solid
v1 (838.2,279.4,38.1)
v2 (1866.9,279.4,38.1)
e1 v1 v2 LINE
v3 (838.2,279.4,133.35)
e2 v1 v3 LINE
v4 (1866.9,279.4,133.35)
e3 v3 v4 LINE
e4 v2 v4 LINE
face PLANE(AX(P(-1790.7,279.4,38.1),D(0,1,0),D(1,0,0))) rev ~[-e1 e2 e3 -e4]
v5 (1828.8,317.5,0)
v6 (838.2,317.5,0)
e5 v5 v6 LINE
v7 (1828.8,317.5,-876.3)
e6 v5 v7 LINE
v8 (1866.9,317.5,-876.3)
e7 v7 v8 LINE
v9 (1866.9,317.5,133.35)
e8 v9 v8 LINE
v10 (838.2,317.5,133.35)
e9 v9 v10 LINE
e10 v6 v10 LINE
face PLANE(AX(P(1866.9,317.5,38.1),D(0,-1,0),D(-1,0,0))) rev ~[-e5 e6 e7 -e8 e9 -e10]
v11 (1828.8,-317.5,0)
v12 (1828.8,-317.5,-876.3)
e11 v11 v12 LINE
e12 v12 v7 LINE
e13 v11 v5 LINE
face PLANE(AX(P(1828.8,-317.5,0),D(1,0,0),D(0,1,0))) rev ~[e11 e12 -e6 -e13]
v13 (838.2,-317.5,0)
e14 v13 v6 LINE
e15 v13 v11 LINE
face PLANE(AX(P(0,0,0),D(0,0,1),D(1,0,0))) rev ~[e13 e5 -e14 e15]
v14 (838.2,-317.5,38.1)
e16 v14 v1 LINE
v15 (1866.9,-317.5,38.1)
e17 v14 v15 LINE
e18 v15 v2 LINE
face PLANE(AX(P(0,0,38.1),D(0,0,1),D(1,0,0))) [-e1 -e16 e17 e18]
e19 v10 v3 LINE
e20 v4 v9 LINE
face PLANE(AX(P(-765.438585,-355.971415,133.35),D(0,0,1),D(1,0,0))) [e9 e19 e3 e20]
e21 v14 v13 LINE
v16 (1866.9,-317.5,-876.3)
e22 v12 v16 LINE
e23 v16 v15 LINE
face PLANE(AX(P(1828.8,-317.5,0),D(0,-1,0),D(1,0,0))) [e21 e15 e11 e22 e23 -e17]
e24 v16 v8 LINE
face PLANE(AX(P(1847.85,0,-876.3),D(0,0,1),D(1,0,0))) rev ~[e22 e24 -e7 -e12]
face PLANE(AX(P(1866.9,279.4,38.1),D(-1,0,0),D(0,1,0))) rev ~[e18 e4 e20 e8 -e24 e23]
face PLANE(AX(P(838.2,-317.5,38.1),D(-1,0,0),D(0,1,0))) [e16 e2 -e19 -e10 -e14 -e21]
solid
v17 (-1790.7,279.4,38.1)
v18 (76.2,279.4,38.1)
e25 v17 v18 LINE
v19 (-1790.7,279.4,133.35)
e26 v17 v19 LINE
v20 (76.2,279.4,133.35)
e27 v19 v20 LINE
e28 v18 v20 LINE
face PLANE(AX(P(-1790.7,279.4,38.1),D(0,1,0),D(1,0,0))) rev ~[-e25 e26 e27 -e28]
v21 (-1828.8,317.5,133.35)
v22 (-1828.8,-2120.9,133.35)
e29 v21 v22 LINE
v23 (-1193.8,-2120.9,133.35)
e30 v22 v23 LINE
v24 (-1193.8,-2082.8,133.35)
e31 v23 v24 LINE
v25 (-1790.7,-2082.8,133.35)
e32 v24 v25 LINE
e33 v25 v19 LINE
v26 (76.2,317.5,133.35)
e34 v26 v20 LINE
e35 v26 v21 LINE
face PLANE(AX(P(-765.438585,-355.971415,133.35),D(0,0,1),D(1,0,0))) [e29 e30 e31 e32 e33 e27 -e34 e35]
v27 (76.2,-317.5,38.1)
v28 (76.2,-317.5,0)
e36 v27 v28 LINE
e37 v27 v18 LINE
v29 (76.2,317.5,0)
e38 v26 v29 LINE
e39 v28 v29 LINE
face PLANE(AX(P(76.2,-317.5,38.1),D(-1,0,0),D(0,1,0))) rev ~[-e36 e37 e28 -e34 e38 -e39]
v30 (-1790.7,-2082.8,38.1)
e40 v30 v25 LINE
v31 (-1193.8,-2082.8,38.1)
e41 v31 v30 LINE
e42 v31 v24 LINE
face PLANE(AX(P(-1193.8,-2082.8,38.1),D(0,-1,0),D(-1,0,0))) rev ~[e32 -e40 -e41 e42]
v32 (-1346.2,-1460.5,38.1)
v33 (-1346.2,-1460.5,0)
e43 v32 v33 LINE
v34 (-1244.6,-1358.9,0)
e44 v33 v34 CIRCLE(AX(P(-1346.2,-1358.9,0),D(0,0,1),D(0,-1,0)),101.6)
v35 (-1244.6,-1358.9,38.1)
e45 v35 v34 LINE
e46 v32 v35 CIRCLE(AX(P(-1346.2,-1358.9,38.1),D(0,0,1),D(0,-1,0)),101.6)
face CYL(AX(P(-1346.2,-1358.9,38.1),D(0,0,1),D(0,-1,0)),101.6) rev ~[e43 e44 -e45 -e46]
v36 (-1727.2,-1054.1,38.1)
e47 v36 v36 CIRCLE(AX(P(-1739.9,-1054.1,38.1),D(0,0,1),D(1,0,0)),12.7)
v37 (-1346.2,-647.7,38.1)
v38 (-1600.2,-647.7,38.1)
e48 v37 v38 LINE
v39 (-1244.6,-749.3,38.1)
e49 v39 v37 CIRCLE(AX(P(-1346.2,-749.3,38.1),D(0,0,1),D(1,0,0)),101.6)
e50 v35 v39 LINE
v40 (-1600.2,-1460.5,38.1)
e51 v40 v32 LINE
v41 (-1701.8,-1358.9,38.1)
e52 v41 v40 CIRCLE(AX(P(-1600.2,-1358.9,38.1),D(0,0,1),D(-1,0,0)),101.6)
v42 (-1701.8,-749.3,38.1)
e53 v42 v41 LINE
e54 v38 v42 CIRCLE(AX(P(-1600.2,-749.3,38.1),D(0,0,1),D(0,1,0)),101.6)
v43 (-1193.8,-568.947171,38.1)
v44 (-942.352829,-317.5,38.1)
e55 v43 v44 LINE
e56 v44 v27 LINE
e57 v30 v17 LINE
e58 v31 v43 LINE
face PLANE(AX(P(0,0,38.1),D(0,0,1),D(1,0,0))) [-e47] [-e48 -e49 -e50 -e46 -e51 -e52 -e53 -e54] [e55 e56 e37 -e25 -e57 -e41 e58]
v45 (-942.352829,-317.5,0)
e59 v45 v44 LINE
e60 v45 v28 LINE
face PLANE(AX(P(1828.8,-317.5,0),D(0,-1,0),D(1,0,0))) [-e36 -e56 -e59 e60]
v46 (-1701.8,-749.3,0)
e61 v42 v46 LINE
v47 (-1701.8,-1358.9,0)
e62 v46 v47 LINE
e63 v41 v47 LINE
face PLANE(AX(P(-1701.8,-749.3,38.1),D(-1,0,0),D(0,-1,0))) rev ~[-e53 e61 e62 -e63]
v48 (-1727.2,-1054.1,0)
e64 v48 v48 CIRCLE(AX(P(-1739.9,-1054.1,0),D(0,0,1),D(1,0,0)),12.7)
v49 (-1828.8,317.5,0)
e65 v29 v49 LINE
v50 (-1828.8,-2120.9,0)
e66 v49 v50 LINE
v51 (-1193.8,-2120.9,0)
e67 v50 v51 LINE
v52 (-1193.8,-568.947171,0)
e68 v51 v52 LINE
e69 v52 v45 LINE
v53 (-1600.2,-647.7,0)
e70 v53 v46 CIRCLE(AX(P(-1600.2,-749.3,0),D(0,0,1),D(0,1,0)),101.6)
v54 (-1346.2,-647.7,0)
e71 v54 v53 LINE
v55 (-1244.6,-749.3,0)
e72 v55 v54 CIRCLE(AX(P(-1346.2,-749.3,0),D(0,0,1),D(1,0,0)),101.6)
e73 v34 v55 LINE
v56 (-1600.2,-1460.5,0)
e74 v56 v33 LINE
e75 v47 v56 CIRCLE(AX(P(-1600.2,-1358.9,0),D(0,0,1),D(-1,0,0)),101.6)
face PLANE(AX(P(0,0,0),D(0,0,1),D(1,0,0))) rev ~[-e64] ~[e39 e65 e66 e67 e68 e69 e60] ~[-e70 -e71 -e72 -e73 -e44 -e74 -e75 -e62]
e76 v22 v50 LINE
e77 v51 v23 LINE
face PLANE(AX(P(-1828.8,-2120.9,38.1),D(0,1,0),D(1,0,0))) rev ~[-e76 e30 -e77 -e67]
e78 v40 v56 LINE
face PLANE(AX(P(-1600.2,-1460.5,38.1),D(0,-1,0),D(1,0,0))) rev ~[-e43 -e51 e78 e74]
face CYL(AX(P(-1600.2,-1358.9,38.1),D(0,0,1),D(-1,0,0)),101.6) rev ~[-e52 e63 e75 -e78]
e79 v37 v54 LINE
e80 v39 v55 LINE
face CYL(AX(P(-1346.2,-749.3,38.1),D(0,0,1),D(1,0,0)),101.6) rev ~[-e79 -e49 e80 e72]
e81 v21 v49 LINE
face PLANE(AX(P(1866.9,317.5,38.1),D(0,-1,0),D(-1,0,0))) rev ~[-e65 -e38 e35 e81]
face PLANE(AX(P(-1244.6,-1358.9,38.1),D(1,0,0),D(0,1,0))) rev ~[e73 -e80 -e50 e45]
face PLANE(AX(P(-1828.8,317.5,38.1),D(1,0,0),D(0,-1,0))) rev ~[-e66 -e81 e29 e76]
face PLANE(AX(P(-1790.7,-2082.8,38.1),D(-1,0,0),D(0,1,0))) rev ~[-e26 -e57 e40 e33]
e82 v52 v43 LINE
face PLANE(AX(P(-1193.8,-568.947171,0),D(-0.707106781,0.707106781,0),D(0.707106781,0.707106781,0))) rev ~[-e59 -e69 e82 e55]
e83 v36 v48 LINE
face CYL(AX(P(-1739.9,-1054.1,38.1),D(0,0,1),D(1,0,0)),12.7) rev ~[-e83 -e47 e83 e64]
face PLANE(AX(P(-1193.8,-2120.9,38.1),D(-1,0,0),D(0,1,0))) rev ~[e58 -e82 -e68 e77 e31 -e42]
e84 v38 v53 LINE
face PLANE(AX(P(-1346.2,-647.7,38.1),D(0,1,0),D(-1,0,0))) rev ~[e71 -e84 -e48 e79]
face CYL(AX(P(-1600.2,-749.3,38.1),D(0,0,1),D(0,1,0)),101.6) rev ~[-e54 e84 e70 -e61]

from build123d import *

# Parameters (mm, degrees)
F0_W          = 38.1
F0_H          = 635
F1_DEPTH      = 38.1
F2_DEPTH      = 876.3
F4_DEPTH      = 95.25
F5_W          = 762
F5_H          = 807.1839261055
F6_DEPTH      = 203.2
F6_DEPTH_BACK = 203.2
F7_R          = 12.7
F8_DEPTH      = 127


with BuildPart() as f1:
    # F0 (on Top) → F1 (new body)
    with BuildSketch(Plane.XY):
        Polygon((1828.8, -317.5), (1828.8, 317.5), (-1828.8, 317.5), (-1828.8, -317.5), (-1193.8, -317.5), (-942.3528286101, -317.5), align=None)
        Polygon((-1193.8, -317.5), (-1828.8, -317.5), (-1828.8, -2120.9), (-1193.8, -2120.9), (-1193.8, -568.9471713899), align=None)
        with Locations((1847.85, 0)):
            Rectangle(F0_W, F0_H)
        Polygon((-1193.8, -568.9471713899), (-942.3528286101, -317.5), (-1193.8, -317.5), align=None)
    extrude(amount=F1_DEPTH)

    # F0 (on Top) → F2 (join)
    with BuildSketch(Plane.XY):
        with Locations((1847.85, 0)):
            Rectangle(F0_W, F0_H)
    extrude(amount=-F2_DEPTH)

    # F3 (on face) → F4 (join)
    with BuildSketch(Plane.XY.offset(38.1)):
        Polygon((-1828.8, 279.4), (-1828.8, -2120.9), (-1790.7, -2120.9), (-1193.8, -2120.9), (-1193.8, -2082.8), (-1790.7, -2082.8), (-1790.7, 279.4), (1866.9, 279.4), (1866.9, 317.5), (-1790.7, 317.5), (-1828.8, 317.5), align=None)
    extrude(amount=F4_DEPTH)

    # F5 (on face) → F6 (cut, two sides)
    with BuildSketch(Plane.XY.offset(38.1)) as f6_sk:
        with Locations((457.2, 86.0919630527)):
            Rectangle(F5_W, F5_H)
    extrude(amount=-F6_DEPTH, mode=Mode.SUBTRACT)
    extrude(f6_sk.sketch, amount=F6_DEPTH_BACK, mode=Mode.SUBTRACT)

    # F7 (on face) → F8 (cut)
    with BuildSketch(Plane.XY.offset(38.1)):
        with BuildLine():
            ThreePointArc((-1244.6, -749.3), (-1274.3579510314, -677.4579510314), (-1346.2, -647.7))
            Line((-1346.2, -647.7), (-1600.2, -647.7))
            ThreePointArc((-1600.2, -647.7), (-1672.0420489686, -677.4579510314), (-1701.8, -749.3))
            Line((-1701.8, -749.3), (-1701.8, -1358.9))
            ThreePointArc((-1701.8, -1358.9), (-1672.0420489686, -1430.7420489686), (-1600.2, -1460.5))
            Line((-1600.2, -1460.5), (-1346.2, -1460.5))
            ThreePointArc((-1346.2, -1460.5), (-1274.3579510314, -1430.7420489686), (-1244.6, -1358.9))
            Line((-1244.6, -1358.9), (-1244.6, -749.3))
        make_face()
        with Locations((-1739.9, -1054.1)):
            Circle(F7_R)
    extrude(amount=-F8_DEPTH, mode=Mode.SUBTRACT)


solid = f1.part
